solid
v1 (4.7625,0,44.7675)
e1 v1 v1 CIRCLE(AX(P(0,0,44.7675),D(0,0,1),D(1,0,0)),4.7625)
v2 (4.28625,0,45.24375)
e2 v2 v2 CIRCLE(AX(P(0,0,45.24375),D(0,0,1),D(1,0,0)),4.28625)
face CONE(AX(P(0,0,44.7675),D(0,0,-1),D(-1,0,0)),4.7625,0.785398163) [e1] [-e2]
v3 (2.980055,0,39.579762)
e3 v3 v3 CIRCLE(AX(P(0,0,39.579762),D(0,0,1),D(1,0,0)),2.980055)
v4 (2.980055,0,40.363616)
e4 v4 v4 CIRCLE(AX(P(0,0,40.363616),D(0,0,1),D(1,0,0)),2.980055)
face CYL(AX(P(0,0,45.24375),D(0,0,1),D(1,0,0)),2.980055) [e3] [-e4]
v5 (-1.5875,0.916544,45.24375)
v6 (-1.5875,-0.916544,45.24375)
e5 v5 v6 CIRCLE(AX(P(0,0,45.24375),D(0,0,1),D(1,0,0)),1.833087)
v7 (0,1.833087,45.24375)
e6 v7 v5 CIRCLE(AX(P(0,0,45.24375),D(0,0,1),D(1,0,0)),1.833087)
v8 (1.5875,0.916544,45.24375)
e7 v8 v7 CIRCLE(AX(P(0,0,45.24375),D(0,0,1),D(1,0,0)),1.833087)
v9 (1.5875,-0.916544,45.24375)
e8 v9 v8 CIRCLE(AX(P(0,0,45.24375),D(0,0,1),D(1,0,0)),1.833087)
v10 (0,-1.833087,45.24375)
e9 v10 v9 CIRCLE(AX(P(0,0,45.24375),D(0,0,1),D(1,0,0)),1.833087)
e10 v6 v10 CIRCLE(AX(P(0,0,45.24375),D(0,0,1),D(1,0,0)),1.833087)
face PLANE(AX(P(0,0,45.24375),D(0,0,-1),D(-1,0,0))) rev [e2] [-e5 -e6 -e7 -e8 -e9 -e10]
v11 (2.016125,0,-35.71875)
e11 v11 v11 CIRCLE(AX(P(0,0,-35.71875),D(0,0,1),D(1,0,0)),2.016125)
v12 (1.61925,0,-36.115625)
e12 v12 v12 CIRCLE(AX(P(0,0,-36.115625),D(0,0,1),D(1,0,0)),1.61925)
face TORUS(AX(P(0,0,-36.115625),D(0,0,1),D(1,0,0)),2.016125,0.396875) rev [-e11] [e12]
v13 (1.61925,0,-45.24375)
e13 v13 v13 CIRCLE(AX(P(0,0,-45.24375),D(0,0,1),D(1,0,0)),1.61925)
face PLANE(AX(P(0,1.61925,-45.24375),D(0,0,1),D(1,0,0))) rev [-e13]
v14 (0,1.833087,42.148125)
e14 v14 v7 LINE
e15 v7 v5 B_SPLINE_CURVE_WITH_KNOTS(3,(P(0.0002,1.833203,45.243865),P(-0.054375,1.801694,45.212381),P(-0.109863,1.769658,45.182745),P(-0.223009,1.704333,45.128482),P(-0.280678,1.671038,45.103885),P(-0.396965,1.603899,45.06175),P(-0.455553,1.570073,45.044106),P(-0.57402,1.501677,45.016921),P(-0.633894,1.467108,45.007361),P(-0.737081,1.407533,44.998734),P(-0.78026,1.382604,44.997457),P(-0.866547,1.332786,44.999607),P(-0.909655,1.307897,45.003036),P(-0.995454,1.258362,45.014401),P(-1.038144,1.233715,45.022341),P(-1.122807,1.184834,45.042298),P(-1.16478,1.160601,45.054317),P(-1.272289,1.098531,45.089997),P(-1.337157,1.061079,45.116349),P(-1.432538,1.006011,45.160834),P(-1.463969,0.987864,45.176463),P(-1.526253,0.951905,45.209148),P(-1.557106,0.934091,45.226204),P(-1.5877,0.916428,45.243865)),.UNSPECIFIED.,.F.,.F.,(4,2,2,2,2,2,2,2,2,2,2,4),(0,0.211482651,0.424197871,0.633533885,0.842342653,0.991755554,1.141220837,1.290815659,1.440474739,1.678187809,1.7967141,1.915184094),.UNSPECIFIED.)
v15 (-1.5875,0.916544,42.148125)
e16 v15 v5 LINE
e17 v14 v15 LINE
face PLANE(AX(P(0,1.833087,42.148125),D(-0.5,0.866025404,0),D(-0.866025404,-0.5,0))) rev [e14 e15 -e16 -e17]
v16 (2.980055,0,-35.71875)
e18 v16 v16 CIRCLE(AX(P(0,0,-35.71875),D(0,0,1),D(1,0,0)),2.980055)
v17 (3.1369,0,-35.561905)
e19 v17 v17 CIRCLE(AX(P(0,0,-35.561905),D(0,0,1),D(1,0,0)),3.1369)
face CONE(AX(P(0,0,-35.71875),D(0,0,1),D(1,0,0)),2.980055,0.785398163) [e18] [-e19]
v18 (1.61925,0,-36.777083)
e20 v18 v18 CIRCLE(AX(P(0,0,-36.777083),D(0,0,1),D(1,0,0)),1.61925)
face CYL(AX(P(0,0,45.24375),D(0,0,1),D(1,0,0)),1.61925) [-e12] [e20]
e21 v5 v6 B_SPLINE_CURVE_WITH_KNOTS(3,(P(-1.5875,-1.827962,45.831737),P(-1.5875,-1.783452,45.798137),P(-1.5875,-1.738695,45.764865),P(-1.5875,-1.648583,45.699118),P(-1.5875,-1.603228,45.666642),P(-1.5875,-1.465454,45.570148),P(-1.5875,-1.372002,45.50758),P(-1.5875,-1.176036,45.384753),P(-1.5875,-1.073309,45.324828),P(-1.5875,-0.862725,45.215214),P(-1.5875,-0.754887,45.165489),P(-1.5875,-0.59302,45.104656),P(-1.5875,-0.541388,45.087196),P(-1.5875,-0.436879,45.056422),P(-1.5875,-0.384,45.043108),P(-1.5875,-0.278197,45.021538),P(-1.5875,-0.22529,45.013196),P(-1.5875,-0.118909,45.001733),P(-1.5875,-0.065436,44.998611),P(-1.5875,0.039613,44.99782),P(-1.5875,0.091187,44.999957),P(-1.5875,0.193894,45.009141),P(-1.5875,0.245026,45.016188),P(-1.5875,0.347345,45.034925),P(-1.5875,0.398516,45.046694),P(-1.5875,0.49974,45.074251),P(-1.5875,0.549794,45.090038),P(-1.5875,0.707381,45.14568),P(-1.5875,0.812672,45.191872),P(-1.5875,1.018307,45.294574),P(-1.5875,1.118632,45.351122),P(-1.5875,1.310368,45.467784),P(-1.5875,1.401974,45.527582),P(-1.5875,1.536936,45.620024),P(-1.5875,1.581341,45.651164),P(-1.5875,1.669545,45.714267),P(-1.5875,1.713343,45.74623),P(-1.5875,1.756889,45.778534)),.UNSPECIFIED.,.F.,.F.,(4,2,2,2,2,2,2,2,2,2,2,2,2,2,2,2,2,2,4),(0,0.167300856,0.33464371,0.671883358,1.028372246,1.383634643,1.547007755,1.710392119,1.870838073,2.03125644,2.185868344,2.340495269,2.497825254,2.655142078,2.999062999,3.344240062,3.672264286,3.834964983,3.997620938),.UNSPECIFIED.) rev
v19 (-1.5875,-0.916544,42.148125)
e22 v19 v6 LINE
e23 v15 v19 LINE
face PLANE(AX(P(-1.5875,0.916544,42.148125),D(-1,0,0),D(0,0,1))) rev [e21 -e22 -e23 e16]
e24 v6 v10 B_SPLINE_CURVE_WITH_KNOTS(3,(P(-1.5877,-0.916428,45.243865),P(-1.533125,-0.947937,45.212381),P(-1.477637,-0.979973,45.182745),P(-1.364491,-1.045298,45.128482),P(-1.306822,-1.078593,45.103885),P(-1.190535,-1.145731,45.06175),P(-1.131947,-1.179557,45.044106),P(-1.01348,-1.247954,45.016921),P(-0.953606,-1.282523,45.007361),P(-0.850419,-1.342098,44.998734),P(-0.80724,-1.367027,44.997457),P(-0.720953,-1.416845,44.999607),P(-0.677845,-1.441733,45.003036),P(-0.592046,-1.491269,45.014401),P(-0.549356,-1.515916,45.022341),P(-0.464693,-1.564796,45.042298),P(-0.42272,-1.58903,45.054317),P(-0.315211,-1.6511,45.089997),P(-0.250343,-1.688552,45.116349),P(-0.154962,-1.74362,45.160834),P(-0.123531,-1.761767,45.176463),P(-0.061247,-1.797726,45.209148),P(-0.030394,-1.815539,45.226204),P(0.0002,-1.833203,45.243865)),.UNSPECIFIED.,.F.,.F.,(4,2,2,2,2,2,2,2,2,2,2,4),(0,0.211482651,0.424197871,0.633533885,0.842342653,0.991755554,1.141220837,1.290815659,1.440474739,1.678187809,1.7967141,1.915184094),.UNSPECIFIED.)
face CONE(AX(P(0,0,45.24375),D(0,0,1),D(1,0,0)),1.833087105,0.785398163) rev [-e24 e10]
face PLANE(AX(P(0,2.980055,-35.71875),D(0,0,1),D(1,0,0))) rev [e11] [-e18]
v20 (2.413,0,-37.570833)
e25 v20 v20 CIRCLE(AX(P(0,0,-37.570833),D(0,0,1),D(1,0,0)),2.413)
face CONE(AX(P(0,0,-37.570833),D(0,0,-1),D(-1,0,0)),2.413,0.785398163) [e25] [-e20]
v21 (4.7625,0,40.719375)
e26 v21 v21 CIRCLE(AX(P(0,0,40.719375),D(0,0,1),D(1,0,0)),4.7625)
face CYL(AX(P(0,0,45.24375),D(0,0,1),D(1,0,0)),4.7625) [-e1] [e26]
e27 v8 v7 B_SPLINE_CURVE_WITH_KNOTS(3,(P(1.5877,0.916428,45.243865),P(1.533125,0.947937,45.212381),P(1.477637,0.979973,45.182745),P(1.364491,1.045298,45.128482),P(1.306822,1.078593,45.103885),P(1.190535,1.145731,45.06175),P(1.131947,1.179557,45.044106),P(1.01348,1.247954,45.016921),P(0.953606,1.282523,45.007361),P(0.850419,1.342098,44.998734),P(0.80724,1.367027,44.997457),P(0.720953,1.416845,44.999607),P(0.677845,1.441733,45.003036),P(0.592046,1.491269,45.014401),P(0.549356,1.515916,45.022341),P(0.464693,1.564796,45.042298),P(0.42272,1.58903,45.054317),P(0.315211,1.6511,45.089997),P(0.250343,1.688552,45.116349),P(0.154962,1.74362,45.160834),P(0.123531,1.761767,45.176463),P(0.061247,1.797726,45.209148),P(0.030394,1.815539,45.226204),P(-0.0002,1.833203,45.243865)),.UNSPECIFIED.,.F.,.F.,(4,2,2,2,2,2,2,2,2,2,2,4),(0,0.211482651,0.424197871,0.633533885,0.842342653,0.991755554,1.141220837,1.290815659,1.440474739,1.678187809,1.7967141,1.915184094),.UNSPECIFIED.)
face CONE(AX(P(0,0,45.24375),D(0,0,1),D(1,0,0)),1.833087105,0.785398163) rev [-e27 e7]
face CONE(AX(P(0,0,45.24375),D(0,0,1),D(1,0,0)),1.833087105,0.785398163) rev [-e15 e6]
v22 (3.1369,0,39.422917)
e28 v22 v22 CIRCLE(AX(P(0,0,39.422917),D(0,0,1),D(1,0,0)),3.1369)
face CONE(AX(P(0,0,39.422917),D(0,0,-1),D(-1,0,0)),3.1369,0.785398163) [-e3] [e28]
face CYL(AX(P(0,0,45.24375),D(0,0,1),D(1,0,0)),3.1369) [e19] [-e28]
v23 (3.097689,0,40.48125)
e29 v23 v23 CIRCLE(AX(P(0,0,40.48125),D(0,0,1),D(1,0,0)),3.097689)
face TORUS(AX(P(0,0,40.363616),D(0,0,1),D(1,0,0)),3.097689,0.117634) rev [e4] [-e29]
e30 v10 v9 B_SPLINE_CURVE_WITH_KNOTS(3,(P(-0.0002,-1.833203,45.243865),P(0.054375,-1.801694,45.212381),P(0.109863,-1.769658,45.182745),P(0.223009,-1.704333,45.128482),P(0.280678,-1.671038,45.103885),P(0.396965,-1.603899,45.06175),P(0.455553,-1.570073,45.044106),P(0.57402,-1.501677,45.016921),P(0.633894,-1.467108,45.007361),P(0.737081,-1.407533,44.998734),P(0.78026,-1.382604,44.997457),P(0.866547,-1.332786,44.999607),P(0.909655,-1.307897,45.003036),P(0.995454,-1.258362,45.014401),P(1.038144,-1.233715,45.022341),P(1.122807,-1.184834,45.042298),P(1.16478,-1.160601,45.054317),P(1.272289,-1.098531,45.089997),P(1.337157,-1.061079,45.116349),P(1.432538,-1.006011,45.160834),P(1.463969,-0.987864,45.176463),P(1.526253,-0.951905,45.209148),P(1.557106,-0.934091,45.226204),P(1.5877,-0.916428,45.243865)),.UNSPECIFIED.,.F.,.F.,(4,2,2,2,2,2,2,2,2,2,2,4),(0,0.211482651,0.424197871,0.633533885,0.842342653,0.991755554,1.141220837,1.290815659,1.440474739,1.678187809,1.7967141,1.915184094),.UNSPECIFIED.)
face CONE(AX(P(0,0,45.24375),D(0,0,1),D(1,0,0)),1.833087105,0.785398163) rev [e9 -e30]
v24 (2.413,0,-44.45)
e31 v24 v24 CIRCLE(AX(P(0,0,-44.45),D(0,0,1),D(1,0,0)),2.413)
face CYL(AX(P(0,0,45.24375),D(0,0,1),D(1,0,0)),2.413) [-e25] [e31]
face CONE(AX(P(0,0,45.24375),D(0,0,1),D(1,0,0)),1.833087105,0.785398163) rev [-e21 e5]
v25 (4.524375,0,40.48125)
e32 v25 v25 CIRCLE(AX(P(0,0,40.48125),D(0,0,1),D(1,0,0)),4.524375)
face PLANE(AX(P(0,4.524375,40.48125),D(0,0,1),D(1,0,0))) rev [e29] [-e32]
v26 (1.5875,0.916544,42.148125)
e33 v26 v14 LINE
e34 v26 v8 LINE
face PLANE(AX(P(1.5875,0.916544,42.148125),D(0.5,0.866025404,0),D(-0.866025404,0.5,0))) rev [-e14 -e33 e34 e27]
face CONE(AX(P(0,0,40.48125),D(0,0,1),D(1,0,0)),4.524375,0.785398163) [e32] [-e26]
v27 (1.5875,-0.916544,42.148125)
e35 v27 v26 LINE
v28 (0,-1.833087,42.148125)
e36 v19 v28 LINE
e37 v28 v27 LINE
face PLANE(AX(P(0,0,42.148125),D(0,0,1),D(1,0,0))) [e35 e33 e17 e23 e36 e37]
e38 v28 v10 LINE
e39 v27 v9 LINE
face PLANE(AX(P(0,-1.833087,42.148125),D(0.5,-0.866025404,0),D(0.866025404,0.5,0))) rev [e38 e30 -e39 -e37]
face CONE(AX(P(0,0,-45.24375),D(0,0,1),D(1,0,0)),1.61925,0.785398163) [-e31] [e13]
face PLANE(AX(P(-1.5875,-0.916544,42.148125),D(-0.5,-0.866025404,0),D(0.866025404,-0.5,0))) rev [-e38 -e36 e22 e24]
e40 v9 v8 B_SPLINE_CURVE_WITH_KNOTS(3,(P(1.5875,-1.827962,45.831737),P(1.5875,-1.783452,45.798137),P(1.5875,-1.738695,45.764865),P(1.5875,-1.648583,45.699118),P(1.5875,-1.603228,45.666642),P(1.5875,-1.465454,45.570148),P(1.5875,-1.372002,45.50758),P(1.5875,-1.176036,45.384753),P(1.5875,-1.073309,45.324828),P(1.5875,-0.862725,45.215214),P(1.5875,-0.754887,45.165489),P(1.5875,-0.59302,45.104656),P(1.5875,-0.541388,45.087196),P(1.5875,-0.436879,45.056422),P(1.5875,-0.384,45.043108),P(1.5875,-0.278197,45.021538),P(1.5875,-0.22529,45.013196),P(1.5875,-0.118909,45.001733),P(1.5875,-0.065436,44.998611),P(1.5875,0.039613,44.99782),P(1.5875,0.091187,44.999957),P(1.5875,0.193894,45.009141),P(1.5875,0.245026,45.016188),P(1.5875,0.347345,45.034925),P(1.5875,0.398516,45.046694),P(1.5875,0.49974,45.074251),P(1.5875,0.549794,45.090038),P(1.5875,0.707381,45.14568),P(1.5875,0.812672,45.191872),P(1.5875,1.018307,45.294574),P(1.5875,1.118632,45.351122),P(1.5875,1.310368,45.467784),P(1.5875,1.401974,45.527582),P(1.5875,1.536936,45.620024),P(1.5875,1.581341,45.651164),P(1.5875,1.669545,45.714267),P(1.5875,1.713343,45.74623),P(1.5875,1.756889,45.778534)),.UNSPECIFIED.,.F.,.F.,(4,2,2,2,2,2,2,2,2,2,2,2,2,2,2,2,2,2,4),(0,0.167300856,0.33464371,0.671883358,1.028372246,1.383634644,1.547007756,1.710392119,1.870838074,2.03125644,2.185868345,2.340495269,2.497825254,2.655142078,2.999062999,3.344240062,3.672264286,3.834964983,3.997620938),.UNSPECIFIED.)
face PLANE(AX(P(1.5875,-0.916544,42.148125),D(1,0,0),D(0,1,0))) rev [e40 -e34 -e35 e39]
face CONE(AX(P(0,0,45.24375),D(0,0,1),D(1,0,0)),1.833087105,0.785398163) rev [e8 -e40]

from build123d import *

# Parameters (mm, degrees)
CUT_EXTRUDE1_DEPTH = 3.095625
SKETCH5_R          = 1.833087105
CUT_EXTRUDE2_DEPTH = 3.095625
CUT_EXTRUDE2_DRAFT = -45


with BuildPart() as part:
    # Sketch3 → Revolve1 (revolve)
    with BuildSketch(Plane(origin=(0, 0, 0), x_dir=(0, 0, -1), z_dir=(1, 0, 0))):
        with BuildLine():
            Line((-45.24375, 0), (-45.24375, 4.28625))
            Line((-45.24375, 4.28625), (-44.7675, 4.7625))
            Line((-44.7675, 4.7625), (-40.719375, 4.7625))
            Line((-40.719375, 4.7625), (-40.48125, 4.524375))
            Line((-40.48125, 4.524375), (-40.48125, 3.09768875))
            ThreePointArc((-40.48125, 3.09768875), (-40.446795872, 3.014509128), (-40.36361625, 2.980055))
            Line((-40.36361625, 2.980055), (-39.579761667, 2.980055))
            Line((-39.579761667, 2.980055), (-39.422916667, 3.1369))
            Line((-39.422916667, 3.1369), (35.561905, 3.1369))
            Line((35.561905, 3.1369), (35.71875, 2.980055))
            Line((35.71875, 2.980055), (35.71875, 2.016125))
            ThreePointArc((35.71875, 2.016125), (35.834991996, 1.735491996), (36.115625, 1.61925))
            Line((36.115625, 1.61925), (36.777083333, 1.61925))
            Line((36.777083333, 1.61925), (37.570833333, 2.413))
            Line((37.570833333, 2.413), (44.45, 2.413))
            Line((44.45, 2.413), (45.24375, 1.61925))
            Line((45.24375, 1.61925), (45.24375, 0))
            Line((45.24375, 0), (-45.24375, 0))
        make_face()
    revolve(axis=Axis((0, 0, 45.24375), (0, 0, -1)))

    # Sketch4 → Cut-Extrude1 (cut)
    with BuildSketch(Plane.XY.offset(45.24375)):
        Polygon((-1.5875, -0.916543552), (0, -1.833087105), (1.5875, -0.916543552), (1.5875, 0.916543552), (0, 1.833087105), (-1.5875, 0.916543552), align=None)
    extrude(amount=-CUT_EXTRUDE1_DEPTH, mode=Mode.SUBTRACT)


with BuildPart() as cut_extrude2_tool:
    # Sketch5 → Cut-Extrude2 (with draft: the straight prism first)
    with BuildSketch(Plane.XY.offset(45.24375)):
        Circle(SKETCH5_R)
    extrude(amount=-CUT_EXTRUDE2_DEPTH)
    # Cut-Extrude2: the draft: its side faces are tilted about the plane it starts from
    cut_extrude2_sides = [cut_extrude2_tool.faces().sort_by_distance(p)[0] for p in [
        (-1.833087105, 0, 43.6959375),
    ]]
    draft(cut_extrude2_sides, Plane.XY.offset(45.24375), CUT_EXTRUDE2_DRAFT)


with BuildPart() as part_1:
    add(part.part)

    # Cut-Extrude2: cut by cut_extrude2_tool
    add(cut_extrude2_tool.part, mode=Mode.SUBTRACT)


solid = part_1.part
